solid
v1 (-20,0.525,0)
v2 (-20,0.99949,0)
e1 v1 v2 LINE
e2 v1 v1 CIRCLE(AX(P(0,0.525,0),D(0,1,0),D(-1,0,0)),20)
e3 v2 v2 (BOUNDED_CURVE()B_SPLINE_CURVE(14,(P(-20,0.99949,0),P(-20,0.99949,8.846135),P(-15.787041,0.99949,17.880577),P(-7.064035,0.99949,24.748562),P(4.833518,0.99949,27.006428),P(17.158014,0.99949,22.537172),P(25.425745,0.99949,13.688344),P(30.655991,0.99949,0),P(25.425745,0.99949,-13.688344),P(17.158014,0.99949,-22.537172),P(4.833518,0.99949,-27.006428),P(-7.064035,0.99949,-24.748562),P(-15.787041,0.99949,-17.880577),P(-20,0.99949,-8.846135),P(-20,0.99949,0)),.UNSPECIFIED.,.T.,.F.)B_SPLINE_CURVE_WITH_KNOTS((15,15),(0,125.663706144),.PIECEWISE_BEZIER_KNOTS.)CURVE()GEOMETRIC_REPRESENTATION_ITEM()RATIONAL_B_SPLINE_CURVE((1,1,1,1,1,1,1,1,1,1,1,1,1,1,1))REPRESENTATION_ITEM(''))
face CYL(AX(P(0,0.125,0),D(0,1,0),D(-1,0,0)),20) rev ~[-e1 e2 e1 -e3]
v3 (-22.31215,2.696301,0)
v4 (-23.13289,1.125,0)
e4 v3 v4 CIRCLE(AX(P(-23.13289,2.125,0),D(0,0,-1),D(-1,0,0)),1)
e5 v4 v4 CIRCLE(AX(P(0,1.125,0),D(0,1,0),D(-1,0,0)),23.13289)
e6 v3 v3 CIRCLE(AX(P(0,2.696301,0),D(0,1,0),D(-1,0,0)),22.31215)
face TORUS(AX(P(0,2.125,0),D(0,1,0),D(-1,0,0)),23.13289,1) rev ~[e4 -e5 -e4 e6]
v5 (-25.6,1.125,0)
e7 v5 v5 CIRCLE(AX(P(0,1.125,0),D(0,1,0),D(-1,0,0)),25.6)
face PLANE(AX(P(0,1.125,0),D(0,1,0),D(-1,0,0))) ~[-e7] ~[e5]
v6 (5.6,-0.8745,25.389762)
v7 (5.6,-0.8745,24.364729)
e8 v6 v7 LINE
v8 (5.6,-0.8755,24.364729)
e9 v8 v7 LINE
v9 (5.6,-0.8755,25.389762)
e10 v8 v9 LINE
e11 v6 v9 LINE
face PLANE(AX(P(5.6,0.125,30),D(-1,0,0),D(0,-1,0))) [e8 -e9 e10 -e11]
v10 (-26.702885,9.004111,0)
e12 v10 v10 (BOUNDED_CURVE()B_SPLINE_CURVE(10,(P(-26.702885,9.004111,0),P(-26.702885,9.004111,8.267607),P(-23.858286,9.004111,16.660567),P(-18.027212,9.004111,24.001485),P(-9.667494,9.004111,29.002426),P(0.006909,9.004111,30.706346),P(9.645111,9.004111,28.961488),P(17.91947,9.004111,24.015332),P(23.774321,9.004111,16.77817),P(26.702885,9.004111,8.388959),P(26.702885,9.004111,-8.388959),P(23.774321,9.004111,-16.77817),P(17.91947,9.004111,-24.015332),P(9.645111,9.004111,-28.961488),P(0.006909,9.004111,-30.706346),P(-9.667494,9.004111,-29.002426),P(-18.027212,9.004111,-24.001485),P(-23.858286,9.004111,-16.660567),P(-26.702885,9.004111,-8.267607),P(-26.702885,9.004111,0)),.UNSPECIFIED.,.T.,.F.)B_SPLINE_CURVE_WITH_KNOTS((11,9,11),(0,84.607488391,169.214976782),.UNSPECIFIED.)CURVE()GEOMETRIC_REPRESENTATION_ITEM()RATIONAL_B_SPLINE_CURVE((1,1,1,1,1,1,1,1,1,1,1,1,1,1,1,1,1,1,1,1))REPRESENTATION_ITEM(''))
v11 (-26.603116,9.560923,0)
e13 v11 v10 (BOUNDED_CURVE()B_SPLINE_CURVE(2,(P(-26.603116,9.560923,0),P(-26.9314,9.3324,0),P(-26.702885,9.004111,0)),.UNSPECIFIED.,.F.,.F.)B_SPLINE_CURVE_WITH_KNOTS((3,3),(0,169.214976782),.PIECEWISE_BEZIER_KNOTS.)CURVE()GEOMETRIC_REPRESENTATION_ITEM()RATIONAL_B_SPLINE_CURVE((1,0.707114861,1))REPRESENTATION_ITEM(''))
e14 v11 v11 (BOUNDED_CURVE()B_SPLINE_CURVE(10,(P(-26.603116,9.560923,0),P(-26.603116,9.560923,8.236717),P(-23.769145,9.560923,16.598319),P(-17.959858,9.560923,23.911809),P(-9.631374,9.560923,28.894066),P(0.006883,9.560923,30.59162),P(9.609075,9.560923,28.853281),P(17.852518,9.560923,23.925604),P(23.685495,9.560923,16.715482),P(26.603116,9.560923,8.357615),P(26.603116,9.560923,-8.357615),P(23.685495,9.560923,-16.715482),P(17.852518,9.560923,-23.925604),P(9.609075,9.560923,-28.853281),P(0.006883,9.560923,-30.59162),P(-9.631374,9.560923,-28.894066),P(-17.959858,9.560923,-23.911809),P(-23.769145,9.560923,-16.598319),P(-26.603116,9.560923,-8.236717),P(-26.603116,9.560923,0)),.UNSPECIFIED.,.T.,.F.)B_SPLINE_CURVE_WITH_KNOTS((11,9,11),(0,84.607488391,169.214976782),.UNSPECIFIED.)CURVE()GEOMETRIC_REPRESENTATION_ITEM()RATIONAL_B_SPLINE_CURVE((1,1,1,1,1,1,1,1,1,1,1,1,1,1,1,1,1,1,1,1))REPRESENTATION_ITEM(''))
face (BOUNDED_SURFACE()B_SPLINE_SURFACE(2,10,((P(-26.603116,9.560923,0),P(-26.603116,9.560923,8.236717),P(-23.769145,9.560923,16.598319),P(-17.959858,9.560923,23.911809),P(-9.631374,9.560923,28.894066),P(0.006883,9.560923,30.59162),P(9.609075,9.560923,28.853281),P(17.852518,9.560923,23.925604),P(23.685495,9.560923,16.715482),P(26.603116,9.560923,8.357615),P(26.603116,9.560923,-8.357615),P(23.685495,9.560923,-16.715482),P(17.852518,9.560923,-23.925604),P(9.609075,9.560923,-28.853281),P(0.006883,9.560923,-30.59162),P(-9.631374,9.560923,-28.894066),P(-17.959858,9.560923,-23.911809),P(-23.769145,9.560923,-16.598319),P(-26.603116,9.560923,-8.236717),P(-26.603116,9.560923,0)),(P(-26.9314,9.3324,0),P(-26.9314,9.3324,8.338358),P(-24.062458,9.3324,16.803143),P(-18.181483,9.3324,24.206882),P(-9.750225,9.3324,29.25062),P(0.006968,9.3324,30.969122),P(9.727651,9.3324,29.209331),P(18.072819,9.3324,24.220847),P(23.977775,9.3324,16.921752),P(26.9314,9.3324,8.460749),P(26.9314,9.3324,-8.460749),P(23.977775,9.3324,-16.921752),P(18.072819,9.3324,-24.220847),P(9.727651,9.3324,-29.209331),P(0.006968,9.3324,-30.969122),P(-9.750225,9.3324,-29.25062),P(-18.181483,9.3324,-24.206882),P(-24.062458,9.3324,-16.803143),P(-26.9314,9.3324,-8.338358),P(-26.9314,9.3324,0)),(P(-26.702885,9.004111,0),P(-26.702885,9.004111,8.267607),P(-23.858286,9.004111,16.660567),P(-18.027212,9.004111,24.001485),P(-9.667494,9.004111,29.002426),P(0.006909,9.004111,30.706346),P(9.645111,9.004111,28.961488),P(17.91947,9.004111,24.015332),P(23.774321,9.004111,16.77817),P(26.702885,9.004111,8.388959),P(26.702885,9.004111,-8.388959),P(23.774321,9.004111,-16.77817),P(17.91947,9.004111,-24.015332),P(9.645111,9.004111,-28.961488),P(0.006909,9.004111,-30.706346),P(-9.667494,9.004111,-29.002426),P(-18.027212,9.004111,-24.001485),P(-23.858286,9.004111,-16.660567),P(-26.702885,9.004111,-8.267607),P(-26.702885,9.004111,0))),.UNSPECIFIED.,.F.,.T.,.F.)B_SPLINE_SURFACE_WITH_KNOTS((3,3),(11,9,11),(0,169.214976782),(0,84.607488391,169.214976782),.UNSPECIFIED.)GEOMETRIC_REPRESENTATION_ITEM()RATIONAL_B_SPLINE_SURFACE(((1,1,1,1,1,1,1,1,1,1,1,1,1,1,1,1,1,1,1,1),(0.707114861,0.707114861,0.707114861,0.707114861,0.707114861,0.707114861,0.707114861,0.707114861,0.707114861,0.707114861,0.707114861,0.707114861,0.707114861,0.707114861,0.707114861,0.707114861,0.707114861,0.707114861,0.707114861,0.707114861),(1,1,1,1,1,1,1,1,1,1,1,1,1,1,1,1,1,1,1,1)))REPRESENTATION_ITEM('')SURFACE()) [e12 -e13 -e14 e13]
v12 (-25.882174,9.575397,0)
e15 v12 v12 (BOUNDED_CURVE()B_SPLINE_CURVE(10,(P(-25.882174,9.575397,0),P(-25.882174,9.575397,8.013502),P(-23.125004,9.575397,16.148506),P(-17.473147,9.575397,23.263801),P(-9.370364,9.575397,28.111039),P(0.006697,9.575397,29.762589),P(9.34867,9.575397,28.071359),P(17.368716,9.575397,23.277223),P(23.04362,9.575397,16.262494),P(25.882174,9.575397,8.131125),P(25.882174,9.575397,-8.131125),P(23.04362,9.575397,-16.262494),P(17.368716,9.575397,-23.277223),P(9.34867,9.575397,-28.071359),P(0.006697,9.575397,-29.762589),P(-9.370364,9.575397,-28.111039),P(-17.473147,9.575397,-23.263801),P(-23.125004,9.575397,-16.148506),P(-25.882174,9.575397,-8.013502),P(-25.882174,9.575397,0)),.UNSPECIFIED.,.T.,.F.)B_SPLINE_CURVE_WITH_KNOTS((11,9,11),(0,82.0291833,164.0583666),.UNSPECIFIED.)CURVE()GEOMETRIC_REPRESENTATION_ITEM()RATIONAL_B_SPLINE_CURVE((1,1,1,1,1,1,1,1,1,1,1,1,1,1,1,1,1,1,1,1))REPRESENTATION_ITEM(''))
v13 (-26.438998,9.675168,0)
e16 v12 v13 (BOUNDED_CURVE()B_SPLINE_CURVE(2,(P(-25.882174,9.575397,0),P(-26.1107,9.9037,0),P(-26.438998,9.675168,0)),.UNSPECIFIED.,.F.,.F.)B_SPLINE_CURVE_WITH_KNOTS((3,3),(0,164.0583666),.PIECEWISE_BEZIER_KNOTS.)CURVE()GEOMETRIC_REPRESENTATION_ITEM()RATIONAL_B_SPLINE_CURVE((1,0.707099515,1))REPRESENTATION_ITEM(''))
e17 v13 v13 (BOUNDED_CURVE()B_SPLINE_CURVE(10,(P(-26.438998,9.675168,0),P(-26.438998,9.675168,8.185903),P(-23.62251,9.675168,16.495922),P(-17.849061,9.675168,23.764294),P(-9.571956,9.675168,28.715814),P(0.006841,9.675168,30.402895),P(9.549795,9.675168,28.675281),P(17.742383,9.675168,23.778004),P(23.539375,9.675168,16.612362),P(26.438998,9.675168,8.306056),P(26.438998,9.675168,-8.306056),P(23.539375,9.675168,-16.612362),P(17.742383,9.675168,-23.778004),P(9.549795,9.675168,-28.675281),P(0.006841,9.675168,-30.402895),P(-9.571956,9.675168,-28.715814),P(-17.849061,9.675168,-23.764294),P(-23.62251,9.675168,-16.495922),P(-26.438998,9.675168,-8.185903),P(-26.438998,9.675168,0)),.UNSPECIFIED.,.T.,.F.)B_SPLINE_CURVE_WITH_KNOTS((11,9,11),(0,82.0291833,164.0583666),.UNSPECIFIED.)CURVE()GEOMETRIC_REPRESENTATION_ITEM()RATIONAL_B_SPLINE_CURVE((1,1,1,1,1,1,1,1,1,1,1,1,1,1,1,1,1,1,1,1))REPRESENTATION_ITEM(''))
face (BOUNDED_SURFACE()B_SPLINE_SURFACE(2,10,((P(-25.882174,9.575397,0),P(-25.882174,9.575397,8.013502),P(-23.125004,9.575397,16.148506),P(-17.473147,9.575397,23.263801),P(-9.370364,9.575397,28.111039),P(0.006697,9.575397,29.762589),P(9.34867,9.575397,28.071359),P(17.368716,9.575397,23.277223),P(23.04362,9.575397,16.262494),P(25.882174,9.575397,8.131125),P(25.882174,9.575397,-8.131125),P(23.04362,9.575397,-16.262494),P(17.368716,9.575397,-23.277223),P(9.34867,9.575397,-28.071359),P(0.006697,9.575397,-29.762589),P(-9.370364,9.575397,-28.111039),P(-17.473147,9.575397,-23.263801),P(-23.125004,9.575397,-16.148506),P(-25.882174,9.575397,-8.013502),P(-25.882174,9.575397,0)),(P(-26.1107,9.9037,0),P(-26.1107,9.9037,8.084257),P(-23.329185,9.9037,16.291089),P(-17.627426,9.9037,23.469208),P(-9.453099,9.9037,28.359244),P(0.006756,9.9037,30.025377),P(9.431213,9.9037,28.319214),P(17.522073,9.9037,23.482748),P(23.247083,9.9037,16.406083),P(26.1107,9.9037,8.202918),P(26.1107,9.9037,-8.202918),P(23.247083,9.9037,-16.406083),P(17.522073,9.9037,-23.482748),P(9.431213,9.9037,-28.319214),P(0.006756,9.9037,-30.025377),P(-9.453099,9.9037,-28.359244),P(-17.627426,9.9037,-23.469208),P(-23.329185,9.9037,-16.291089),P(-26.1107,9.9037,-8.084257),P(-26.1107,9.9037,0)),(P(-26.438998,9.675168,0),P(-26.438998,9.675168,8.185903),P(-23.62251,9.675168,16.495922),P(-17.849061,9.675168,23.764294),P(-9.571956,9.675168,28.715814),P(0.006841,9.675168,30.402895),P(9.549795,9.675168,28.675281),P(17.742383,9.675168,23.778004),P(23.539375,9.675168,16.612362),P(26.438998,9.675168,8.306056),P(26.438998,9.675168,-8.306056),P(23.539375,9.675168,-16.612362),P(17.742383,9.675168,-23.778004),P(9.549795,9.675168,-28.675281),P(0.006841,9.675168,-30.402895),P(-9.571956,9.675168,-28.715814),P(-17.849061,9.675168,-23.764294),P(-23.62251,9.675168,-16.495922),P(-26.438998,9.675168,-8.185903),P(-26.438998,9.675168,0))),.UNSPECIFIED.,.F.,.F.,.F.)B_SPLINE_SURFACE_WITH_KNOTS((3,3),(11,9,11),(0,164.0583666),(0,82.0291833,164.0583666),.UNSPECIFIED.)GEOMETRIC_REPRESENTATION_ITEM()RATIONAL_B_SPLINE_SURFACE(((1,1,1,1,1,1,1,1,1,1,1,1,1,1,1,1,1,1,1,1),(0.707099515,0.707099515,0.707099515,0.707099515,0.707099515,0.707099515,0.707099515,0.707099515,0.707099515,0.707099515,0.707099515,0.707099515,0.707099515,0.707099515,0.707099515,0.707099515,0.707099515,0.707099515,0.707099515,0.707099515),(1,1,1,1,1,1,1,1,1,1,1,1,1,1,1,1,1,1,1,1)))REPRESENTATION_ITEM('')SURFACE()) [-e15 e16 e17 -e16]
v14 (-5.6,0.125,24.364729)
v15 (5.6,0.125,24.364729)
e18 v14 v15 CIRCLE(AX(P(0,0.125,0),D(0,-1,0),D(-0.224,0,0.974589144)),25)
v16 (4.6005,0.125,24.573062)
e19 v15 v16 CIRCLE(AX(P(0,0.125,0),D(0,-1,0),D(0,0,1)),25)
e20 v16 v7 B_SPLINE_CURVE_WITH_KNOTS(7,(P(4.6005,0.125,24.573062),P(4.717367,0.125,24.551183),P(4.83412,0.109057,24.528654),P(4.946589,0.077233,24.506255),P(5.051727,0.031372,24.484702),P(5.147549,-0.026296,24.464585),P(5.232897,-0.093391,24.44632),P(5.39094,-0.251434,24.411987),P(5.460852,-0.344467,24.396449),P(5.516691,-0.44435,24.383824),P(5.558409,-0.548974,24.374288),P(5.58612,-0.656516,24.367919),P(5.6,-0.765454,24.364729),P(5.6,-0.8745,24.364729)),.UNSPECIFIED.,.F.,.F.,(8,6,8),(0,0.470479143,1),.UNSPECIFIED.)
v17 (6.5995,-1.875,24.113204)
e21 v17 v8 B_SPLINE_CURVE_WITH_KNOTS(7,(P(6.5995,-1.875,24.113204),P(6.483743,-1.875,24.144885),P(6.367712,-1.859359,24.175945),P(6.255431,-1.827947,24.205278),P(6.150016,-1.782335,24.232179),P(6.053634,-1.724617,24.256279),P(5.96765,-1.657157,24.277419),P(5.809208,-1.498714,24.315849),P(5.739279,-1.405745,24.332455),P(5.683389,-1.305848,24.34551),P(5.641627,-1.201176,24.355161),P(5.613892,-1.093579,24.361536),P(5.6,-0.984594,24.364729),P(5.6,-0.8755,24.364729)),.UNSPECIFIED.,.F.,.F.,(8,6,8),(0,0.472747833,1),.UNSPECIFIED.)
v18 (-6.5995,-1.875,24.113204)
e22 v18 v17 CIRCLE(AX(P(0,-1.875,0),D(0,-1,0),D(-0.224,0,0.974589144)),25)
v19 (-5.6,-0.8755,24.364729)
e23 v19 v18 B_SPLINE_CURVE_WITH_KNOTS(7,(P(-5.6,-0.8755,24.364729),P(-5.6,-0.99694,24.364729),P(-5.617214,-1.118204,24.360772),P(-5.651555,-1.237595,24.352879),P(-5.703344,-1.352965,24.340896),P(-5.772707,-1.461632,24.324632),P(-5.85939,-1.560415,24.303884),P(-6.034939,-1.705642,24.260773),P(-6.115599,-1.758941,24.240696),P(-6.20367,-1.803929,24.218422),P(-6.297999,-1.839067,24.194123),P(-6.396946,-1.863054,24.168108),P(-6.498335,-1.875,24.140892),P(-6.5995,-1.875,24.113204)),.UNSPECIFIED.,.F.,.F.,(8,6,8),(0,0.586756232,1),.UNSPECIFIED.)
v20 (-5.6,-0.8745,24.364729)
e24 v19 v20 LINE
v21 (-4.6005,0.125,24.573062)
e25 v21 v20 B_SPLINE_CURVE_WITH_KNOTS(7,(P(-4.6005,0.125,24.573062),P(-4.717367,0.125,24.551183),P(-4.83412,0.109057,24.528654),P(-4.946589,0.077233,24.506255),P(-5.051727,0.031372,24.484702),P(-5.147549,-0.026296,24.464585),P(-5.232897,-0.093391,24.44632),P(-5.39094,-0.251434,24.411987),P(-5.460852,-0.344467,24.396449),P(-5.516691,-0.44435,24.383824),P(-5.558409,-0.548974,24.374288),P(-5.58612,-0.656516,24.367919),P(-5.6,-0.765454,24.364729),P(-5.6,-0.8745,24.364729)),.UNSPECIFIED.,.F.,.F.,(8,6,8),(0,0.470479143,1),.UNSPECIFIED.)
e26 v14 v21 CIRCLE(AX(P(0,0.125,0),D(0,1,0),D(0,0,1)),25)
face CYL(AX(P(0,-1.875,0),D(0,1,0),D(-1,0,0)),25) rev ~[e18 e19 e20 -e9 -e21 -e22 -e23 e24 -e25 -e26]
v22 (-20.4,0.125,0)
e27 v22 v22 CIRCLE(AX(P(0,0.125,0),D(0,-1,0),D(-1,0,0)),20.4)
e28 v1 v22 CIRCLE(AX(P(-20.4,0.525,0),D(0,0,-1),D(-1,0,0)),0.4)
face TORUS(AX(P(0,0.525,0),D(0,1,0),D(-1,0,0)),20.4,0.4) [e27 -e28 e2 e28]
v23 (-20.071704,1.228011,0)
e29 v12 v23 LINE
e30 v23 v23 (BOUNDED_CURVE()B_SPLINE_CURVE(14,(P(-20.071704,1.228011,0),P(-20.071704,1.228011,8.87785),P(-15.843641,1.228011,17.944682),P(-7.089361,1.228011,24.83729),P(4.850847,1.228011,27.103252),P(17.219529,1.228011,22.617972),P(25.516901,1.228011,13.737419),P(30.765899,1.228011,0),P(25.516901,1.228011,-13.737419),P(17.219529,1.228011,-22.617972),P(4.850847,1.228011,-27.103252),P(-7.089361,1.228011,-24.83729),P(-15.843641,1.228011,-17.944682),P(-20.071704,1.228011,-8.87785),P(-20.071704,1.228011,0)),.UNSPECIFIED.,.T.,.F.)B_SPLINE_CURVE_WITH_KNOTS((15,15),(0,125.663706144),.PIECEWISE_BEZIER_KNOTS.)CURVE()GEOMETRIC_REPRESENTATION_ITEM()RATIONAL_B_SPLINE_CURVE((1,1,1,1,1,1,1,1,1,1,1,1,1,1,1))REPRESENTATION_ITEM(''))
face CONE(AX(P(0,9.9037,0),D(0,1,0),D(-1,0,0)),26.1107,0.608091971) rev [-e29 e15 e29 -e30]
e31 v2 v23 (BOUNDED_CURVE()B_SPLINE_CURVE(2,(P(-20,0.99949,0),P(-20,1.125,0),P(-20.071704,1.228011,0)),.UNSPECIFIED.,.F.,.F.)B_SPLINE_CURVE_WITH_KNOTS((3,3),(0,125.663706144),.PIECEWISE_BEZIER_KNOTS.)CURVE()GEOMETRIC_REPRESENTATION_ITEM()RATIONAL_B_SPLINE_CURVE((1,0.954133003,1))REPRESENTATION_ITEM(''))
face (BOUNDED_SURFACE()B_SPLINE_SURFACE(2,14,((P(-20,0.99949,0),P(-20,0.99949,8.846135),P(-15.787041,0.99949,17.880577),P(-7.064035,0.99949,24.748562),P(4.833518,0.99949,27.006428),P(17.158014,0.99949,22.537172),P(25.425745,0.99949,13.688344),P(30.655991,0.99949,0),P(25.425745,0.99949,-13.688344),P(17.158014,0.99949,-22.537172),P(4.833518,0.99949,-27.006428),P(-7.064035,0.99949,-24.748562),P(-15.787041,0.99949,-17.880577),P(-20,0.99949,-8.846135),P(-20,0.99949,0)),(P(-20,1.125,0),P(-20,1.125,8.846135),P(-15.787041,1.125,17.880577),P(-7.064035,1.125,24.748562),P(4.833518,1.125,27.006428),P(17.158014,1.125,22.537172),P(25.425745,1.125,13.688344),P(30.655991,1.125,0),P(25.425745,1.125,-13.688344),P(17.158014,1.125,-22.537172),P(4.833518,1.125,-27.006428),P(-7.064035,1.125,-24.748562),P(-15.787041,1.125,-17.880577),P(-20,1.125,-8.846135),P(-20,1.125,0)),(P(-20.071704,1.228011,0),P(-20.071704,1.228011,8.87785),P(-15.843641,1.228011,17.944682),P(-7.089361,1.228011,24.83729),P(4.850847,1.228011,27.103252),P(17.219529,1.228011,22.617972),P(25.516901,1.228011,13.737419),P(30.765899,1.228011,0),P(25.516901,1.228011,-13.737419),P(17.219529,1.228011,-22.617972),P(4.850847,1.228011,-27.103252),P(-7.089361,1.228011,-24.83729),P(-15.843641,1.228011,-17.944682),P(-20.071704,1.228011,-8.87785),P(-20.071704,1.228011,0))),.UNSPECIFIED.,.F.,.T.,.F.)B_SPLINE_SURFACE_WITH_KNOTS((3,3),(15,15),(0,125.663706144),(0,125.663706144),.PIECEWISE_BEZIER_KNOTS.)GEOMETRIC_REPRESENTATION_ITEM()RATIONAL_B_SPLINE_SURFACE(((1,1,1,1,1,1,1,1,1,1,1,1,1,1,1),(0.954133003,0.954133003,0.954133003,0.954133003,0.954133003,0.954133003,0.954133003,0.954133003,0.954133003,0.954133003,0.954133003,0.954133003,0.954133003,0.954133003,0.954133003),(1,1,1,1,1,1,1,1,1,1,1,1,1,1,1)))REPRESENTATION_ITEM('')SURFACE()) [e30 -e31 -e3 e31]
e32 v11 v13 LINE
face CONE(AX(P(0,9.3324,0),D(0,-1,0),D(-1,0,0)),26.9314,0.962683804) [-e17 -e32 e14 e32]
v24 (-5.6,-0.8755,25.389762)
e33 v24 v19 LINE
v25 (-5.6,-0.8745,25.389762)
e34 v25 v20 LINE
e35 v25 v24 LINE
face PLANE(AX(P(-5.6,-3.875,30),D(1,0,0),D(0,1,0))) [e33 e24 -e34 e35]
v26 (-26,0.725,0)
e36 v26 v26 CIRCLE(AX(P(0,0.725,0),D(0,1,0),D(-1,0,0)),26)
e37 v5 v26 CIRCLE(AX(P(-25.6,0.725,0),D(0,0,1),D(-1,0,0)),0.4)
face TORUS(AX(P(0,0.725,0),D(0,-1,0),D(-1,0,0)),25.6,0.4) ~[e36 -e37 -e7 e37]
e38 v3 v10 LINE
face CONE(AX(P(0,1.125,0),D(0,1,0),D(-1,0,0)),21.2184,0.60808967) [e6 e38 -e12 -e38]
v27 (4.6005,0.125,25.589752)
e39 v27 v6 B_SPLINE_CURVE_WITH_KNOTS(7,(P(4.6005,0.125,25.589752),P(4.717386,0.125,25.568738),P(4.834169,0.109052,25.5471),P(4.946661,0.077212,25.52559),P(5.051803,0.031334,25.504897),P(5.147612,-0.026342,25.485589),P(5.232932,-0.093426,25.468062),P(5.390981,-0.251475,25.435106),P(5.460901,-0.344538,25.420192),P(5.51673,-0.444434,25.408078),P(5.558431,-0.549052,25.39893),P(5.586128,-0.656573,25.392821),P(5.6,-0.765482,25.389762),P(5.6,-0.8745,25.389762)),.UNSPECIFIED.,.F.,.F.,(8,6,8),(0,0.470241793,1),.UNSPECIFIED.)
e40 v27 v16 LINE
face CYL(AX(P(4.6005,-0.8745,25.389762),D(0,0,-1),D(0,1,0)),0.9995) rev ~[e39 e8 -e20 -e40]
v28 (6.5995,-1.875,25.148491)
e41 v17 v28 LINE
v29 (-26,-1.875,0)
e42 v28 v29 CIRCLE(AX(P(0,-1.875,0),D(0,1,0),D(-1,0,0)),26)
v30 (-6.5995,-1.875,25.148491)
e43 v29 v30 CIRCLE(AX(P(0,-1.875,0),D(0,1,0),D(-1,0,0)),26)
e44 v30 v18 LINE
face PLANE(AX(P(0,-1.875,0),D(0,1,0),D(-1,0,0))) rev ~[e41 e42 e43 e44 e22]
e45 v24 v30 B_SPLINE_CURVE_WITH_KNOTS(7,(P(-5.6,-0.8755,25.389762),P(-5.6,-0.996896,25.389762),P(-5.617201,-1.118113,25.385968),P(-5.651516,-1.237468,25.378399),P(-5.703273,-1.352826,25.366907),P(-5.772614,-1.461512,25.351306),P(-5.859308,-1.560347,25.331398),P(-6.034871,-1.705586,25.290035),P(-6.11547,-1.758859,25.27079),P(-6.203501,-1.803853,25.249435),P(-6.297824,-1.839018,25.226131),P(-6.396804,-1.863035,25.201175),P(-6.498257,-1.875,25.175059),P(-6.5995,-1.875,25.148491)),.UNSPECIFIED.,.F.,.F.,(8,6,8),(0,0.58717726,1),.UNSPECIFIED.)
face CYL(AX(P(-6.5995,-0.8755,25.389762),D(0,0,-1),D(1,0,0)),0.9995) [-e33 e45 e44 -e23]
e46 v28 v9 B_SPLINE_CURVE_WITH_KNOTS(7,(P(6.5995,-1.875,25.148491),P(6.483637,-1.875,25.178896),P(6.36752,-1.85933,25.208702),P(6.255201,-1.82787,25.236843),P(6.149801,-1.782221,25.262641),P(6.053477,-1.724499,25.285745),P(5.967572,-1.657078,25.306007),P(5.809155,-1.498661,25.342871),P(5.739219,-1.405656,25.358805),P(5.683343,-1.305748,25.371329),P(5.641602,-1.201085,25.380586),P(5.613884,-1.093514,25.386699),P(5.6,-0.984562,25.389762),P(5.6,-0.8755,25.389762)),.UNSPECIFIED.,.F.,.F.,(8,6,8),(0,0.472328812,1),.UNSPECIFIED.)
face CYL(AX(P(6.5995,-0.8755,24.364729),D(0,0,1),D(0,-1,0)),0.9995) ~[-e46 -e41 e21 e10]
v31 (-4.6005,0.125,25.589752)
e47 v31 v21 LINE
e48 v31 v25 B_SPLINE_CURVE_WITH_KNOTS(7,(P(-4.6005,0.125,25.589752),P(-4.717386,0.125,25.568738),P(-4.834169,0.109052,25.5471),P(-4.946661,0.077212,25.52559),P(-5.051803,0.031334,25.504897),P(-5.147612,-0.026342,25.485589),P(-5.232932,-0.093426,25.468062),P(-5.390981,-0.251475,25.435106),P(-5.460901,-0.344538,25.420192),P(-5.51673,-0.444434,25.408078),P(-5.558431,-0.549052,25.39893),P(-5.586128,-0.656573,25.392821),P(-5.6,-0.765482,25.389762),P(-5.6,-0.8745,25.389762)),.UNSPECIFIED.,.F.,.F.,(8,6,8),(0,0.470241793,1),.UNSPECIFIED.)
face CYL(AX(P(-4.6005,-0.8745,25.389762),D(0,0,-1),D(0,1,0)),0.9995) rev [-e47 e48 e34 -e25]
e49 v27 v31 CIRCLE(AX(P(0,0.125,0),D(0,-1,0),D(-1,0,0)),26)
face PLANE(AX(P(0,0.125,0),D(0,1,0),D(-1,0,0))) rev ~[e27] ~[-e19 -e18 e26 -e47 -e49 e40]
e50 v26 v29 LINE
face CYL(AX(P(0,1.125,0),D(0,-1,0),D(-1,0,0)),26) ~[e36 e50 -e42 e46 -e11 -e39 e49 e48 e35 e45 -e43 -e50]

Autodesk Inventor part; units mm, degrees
ref_plane "YZ Plane" through (0, 0, 0) normal (1, 0, 0) x (0, 1, 0)
ref_plane "XZ Plane" through (0, 0, 0) normal (0, 1, 0) x (-1, 0, 0)
sketch "Sketch1" plane through (0, 0, 0) normal (0, 0, 1) x (1, 0, 0)
  line L0 (-20, 1.125) -> (-26, 1.125)
  line L1 (-26, 1.125) -> (-26, -1.875)
  line L2 (-26, -1.875) -> (-25, -1.875)
  line L3 (-25, -1.875) -> (-25, 0.125)
  line L4 (-25, 0.125) -> (-20, 0.125)
  line L5 (-20, 0.125) -> (-20, 1.125)
  line L6 (-21.2184, 1.125) -> (-26.9314, 9.3324)
  line L7 (-26.9314, 9.3324) -> (-26.1107, 9.9037)
  line L8 (-26.1107, 9.9037) -> (-20, 1.125)
  line L9 (0, -4.2307) -> (0, 12.2594) projected
  point P0 (0, 0)
  dimension "d0" = 1
  dimension "d1" = 1
  dimension "d2" = 26
  dimension "d3" = 25
  dimension "d4" = 20
  dimension "d5" = 10
  dimension "d6" = 1
  dimension "d7" = 2
revolve "Revolution1" add sketch "Sketch1" angle 360 about axis through (0, -10, 0) along (0, 1, 0)
fillet "Fillet1" radius 1 1 edges at (21.2184, 1.125, 0)
fillet "Fillet1" radius 0.4 5 edges at (26.1107, 9.9037, 0) (26.9314, 9.3324, 0) (20, 1.125, 0) (20, 0.125, 0) (26, 1.125, 0)
ref_plane "Work Plane1" through (0, 0, 30) normal (0, 0, 1) x (1, 0, 0)
sketch "Sketch2" plane through (0, 0, 30) normal (0, 0, 1) x (1, 0, 0)
  line L0 (25, 0.125) -> (-25, 0.125) projected
  line L1 (-5.6, 0.125) -> (5.6, 0.125)
  line L2 (5.6, 0.125) -> (5.6, -3.875)
  line L3 (5.6, -3.875) -> (-5.6, -3.875)
  line L4 (-5.6, -3.875) -> (-5.6, 0.125)
  point P0 (0, 0)
  dimension "d12" = 11.2
  dimension "d13" = 5.6
  dimension "d14" = 4
extrude "Extrusion1" cut sketch "Sketch2" against normal blind 10
fillet "Fillet2" radius 1 4 edges at (-5.6, 0.125, 24.8772) (5.6, 0.125, 24.8772) (5.6, -1.875, 24.8772) (-5.6, -1.875, 24.8772)
equation "\"d13\" = 0.5 * d12"
properties part number "CNCM_ALU_Regolith_container_funnel" material "Aluminum 6061"
